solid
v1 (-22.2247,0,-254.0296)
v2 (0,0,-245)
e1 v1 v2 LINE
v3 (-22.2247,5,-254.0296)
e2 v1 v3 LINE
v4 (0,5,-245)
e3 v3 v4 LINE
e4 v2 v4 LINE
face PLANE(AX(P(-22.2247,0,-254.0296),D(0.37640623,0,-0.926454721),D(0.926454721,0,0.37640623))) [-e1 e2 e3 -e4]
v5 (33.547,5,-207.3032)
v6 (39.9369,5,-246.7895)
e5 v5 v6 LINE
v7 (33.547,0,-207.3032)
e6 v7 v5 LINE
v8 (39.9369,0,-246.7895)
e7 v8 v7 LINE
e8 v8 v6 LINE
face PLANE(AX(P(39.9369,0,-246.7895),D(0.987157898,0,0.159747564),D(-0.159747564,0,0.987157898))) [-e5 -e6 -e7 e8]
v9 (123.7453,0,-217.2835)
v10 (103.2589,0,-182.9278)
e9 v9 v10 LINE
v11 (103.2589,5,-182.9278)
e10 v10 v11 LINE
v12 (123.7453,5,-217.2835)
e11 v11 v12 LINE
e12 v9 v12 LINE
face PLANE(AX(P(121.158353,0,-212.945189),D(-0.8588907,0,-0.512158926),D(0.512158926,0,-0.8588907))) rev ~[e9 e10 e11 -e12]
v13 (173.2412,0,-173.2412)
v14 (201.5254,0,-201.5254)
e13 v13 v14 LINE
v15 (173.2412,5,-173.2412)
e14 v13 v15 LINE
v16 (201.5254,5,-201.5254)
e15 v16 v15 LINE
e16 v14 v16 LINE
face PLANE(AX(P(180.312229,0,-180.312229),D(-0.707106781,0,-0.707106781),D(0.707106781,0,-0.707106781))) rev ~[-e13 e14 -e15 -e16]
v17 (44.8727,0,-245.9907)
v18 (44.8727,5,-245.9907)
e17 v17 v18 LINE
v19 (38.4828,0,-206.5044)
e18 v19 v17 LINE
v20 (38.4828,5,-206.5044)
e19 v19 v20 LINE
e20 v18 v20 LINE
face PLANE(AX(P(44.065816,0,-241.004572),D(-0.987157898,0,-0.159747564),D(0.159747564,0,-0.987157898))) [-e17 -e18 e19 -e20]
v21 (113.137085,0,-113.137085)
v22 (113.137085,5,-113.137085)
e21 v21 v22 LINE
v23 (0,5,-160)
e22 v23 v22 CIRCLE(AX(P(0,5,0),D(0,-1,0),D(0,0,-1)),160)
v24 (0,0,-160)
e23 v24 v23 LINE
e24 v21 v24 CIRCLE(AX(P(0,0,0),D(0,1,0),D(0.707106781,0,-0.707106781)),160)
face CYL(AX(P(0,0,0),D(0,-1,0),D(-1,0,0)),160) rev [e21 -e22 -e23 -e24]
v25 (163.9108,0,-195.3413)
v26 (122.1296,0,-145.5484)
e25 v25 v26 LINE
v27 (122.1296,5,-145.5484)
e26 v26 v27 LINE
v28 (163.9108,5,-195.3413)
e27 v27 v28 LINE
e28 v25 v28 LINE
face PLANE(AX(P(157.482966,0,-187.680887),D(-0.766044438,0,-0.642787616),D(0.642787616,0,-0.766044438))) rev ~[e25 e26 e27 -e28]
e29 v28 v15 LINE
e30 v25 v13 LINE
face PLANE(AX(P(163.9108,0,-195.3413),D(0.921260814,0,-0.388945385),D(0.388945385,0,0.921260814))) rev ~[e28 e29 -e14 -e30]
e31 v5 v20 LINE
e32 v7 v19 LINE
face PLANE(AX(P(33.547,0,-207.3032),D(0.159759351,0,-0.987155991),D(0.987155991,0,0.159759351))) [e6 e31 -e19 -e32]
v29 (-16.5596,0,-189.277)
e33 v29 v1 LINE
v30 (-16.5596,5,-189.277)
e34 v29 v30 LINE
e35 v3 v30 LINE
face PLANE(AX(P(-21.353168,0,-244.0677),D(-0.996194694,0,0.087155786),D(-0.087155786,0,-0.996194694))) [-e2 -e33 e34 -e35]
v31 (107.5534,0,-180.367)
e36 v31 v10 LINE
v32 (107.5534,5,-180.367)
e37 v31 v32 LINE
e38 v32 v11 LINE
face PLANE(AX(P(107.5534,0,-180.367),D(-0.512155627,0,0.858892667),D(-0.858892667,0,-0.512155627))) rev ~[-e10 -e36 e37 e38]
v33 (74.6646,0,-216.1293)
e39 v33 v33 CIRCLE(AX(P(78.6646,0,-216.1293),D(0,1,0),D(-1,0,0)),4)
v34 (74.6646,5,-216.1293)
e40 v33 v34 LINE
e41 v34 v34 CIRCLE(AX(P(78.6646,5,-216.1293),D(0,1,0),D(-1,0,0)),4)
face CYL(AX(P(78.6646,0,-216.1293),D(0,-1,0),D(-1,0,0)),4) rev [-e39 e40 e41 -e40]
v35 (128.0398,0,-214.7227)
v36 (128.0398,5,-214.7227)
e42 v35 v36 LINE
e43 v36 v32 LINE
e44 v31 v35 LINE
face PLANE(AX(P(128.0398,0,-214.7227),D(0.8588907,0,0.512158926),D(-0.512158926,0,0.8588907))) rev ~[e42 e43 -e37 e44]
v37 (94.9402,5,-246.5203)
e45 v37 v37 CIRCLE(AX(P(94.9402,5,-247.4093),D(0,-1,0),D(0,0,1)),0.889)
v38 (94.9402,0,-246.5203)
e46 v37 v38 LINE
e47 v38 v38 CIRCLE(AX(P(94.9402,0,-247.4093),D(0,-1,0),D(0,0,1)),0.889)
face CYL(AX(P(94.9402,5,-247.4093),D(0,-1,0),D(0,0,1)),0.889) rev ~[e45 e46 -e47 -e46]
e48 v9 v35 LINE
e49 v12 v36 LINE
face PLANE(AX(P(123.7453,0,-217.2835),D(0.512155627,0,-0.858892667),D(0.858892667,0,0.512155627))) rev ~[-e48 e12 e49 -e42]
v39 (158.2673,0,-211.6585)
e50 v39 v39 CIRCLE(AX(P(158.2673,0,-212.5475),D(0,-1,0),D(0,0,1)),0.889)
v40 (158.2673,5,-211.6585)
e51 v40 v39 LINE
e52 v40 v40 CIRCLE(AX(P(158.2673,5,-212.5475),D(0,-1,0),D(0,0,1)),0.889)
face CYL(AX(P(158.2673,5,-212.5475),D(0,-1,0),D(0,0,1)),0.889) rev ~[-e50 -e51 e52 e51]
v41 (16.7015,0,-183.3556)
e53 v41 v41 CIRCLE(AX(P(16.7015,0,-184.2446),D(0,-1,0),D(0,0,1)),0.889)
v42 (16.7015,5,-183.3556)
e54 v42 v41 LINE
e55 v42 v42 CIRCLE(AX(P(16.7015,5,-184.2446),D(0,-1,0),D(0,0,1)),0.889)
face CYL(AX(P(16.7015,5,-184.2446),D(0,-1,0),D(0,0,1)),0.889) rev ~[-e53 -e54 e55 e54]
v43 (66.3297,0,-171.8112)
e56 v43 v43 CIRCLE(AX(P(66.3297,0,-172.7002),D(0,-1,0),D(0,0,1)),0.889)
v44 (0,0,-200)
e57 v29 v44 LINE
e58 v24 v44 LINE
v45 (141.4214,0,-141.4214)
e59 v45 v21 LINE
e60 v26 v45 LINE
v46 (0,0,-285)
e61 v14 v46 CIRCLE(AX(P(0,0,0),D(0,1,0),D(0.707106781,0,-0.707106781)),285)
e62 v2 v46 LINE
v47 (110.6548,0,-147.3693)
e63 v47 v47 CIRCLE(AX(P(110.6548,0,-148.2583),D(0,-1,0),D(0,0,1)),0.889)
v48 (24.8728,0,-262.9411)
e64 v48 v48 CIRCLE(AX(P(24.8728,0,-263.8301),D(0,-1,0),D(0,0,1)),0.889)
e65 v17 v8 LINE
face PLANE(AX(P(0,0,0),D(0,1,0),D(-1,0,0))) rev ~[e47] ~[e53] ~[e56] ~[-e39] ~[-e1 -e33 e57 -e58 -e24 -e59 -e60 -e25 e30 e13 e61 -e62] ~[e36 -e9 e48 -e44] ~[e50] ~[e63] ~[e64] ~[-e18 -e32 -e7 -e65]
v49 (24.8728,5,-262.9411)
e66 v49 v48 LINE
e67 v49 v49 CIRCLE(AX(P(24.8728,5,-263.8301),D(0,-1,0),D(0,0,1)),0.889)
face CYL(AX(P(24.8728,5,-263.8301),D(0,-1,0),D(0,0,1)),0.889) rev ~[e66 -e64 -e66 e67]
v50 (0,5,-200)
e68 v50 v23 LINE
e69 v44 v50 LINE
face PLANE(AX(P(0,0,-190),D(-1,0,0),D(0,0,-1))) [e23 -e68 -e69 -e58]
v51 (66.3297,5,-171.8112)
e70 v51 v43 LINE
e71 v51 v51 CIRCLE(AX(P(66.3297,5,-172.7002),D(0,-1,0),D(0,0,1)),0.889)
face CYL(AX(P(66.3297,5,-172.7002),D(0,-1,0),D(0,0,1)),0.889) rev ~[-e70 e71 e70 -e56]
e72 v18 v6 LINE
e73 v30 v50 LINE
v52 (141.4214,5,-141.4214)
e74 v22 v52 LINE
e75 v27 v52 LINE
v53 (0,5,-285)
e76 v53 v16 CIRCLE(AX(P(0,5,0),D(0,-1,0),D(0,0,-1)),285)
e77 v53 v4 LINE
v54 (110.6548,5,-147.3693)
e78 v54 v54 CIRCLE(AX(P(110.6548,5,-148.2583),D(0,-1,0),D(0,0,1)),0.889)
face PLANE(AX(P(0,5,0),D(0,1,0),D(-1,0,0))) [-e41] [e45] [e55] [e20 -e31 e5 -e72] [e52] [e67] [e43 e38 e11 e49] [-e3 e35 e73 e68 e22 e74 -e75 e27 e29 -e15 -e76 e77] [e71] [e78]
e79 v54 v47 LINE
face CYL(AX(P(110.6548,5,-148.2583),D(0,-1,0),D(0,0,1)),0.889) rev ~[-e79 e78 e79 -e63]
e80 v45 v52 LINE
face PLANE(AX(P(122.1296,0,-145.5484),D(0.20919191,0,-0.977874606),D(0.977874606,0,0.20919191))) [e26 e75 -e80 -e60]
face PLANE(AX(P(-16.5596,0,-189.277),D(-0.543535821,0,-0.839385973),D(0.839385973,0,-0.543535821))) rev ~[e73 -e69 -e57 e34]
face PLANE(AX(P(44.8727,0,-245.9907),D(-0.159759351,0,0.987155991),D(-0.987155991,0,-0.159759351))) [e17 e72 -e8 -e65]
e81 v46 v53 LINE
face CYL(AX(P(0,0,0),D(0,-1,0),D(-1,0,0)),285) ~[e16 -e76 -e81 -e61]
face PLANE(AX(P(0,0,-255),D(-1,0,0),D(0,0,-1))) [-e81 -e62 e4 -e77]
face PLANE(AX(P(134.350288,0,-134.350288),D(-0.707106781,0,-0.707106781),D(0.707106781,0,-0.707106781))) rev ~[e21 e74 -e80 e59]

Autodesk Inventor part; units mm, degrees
ref_plane "YZ Plane" through (0, 0, 0) normal (1, 0, 0) x (0, 1, 0)
ref_plane "XZ Plane" through (0, 0, 0) normal (0, 1, 0) x (-1, 0, 0)
ref_plane "XY Plane" through (0, 0, 0) normal (0, 0, 1) x (1, 0, 0)
sketch "Sketch2" plane through (0, 0, 0) normal (0, 1, 0) x (-1, 0, 0)
  circle A0 centre (0, 0) radius 285
  circle A1 centre (0, 0) radius 160
  line L0 (0, 0) -> (0, -285)
  line L1 (0, 0) -> (-201.5254, -201.5254)
  line L2 (0, 0) -> (24.8394, -283.9155)
  line L3 (0, 0) -> (-183.1945, -218.3227)
  circle A2 centre (0, 0) radius 255
  circle A3 centre (0, 0) radius 190
  circle A4 centre (0, 0) radius 200
  circle A5 centre (0, 0) radius 245
  line L4 (16.5596, -189.277) -> (0, -200)
  line L5 (22.2247, -254.0296) -> (0, -245)
  line L6 (-122.1296, -145.5484) -> (-141.4214, -141.4214)
  line L7 (-163.9108, -195.3413) -> (-173.2412, -173.2412)
  line L8 (-123.7453, -217.2835) -> (-128.0398, -214.7227)
  line L9 (-128.0398, -214.7227) -> (-107.5534, -180.367)
  line L10 (-107.5534, -180.367) -> (-103.2589, -182.9278)
  line L11 (-103.2589, -182.9278) -> (-123.7453, -217.2835)
  line L12 (-123.7453, -217.2835) -> (-107.5534, -180.367) construction
  line L13 (-128.0398, -214.7227) -> (-103.2589, -182.9278) construction
  circle A6 centre (0, 0) radius 230 construction
  line L14 (0, 0) -> (-97.4757, -267.8124) construction
  circle A7 centre (0, 0) radius 210 construction
  circle A8 centre (0, 0) radius 250 construction
  line L15 (-44.8727, -245.9907) -> (-39.9369, -246.7895)
  line L16 (-39.9369, -246.7895) -> (-33.547, -207.3032)
  line L17 (-33.547, -207.3032) -> (-38.4828, -206.5044)
  line L18 (-38.4828, -206.5044) -> (-44.8727, -245.9907)
  line L19 (-44.8727, -245.9907) -> (-33.547, -207.3032) construction
  line L20 (-39.9369, -246.7895) -> (-38.4828, -206.5044) construction
  circle A9 centre (-78.6646, -216.1293) radius 4
  point P0 (-115.6493, -198.8252)
  point P1 (0, -160)
  point P2 (-113.1371, -113.1371)
  dimension "d0" = 570
  dimension "d1" = 320
  dimension "d2" = 45
  dimension "d3" = 5
  dimension "d4" = 5
  dimension "d5" = 30
  dimension "d6" = 30
  dimension "d7" = 10
  dimension "d8" = 10
  dimension "d11" = 5
  dimension "d14" = 20
  dimension "d19" = 39.2099
  dimension "d20" = 40
  dimension "d21" = 50
  dimension "d24" = 8
  dimension "d35" = 70
extrude "Extrusion1" add sketch "Sketch2" along normal blind 5 contours L1 A2 L3 A0 | L3 A2 L0 A0 | L1 L7 A2 | L5 A5 L2 | L3 A5 L9 L8 L11 L18 L15 L16 L0 A2 | A5 L0 A4 L2 | A5 L16 L17 L18 L11 L10 L9 L3 A4 L0 | L1 A3 L6 | A4 L4 L2 | A4 L3 A3 L0 | L1 A1 L3 A3 | L3 A1 L0 A3
sketch "Sketch3" plane through (0, 5, 0) normal (0, 1, 0) x (1, 0, 0)
  circle A0 centre (0, 0) radius 185
  circle A1 centre (0, 0) radius 265
  point P0 (94.9402, 247.4093)
  point P1 (66.3297, 172.7002)
  point P2 (16.7015, 184.2446)
  point P3 (24.8728, 263.8301)
  point P4 (110.6548, 148.2583)
  point P5 (158.2673, 212.5475)
  dimension "d32" = 370
  dimension "d34" = 530
hole "Hole1" at (94.9402, 5, -247.4093) at (66.3297, 5, -172.7002) at (16.7015, 5, -184.2446) at (24.8728, 5, -263.8301) at (110.6548, 5, -148.2583) at (158.2673, 5, -212.5475) direction (0, -1, 0) diameter 1.778 end through all
properties part number "Base Plate Bottom v3" material "LCP Plastic"
